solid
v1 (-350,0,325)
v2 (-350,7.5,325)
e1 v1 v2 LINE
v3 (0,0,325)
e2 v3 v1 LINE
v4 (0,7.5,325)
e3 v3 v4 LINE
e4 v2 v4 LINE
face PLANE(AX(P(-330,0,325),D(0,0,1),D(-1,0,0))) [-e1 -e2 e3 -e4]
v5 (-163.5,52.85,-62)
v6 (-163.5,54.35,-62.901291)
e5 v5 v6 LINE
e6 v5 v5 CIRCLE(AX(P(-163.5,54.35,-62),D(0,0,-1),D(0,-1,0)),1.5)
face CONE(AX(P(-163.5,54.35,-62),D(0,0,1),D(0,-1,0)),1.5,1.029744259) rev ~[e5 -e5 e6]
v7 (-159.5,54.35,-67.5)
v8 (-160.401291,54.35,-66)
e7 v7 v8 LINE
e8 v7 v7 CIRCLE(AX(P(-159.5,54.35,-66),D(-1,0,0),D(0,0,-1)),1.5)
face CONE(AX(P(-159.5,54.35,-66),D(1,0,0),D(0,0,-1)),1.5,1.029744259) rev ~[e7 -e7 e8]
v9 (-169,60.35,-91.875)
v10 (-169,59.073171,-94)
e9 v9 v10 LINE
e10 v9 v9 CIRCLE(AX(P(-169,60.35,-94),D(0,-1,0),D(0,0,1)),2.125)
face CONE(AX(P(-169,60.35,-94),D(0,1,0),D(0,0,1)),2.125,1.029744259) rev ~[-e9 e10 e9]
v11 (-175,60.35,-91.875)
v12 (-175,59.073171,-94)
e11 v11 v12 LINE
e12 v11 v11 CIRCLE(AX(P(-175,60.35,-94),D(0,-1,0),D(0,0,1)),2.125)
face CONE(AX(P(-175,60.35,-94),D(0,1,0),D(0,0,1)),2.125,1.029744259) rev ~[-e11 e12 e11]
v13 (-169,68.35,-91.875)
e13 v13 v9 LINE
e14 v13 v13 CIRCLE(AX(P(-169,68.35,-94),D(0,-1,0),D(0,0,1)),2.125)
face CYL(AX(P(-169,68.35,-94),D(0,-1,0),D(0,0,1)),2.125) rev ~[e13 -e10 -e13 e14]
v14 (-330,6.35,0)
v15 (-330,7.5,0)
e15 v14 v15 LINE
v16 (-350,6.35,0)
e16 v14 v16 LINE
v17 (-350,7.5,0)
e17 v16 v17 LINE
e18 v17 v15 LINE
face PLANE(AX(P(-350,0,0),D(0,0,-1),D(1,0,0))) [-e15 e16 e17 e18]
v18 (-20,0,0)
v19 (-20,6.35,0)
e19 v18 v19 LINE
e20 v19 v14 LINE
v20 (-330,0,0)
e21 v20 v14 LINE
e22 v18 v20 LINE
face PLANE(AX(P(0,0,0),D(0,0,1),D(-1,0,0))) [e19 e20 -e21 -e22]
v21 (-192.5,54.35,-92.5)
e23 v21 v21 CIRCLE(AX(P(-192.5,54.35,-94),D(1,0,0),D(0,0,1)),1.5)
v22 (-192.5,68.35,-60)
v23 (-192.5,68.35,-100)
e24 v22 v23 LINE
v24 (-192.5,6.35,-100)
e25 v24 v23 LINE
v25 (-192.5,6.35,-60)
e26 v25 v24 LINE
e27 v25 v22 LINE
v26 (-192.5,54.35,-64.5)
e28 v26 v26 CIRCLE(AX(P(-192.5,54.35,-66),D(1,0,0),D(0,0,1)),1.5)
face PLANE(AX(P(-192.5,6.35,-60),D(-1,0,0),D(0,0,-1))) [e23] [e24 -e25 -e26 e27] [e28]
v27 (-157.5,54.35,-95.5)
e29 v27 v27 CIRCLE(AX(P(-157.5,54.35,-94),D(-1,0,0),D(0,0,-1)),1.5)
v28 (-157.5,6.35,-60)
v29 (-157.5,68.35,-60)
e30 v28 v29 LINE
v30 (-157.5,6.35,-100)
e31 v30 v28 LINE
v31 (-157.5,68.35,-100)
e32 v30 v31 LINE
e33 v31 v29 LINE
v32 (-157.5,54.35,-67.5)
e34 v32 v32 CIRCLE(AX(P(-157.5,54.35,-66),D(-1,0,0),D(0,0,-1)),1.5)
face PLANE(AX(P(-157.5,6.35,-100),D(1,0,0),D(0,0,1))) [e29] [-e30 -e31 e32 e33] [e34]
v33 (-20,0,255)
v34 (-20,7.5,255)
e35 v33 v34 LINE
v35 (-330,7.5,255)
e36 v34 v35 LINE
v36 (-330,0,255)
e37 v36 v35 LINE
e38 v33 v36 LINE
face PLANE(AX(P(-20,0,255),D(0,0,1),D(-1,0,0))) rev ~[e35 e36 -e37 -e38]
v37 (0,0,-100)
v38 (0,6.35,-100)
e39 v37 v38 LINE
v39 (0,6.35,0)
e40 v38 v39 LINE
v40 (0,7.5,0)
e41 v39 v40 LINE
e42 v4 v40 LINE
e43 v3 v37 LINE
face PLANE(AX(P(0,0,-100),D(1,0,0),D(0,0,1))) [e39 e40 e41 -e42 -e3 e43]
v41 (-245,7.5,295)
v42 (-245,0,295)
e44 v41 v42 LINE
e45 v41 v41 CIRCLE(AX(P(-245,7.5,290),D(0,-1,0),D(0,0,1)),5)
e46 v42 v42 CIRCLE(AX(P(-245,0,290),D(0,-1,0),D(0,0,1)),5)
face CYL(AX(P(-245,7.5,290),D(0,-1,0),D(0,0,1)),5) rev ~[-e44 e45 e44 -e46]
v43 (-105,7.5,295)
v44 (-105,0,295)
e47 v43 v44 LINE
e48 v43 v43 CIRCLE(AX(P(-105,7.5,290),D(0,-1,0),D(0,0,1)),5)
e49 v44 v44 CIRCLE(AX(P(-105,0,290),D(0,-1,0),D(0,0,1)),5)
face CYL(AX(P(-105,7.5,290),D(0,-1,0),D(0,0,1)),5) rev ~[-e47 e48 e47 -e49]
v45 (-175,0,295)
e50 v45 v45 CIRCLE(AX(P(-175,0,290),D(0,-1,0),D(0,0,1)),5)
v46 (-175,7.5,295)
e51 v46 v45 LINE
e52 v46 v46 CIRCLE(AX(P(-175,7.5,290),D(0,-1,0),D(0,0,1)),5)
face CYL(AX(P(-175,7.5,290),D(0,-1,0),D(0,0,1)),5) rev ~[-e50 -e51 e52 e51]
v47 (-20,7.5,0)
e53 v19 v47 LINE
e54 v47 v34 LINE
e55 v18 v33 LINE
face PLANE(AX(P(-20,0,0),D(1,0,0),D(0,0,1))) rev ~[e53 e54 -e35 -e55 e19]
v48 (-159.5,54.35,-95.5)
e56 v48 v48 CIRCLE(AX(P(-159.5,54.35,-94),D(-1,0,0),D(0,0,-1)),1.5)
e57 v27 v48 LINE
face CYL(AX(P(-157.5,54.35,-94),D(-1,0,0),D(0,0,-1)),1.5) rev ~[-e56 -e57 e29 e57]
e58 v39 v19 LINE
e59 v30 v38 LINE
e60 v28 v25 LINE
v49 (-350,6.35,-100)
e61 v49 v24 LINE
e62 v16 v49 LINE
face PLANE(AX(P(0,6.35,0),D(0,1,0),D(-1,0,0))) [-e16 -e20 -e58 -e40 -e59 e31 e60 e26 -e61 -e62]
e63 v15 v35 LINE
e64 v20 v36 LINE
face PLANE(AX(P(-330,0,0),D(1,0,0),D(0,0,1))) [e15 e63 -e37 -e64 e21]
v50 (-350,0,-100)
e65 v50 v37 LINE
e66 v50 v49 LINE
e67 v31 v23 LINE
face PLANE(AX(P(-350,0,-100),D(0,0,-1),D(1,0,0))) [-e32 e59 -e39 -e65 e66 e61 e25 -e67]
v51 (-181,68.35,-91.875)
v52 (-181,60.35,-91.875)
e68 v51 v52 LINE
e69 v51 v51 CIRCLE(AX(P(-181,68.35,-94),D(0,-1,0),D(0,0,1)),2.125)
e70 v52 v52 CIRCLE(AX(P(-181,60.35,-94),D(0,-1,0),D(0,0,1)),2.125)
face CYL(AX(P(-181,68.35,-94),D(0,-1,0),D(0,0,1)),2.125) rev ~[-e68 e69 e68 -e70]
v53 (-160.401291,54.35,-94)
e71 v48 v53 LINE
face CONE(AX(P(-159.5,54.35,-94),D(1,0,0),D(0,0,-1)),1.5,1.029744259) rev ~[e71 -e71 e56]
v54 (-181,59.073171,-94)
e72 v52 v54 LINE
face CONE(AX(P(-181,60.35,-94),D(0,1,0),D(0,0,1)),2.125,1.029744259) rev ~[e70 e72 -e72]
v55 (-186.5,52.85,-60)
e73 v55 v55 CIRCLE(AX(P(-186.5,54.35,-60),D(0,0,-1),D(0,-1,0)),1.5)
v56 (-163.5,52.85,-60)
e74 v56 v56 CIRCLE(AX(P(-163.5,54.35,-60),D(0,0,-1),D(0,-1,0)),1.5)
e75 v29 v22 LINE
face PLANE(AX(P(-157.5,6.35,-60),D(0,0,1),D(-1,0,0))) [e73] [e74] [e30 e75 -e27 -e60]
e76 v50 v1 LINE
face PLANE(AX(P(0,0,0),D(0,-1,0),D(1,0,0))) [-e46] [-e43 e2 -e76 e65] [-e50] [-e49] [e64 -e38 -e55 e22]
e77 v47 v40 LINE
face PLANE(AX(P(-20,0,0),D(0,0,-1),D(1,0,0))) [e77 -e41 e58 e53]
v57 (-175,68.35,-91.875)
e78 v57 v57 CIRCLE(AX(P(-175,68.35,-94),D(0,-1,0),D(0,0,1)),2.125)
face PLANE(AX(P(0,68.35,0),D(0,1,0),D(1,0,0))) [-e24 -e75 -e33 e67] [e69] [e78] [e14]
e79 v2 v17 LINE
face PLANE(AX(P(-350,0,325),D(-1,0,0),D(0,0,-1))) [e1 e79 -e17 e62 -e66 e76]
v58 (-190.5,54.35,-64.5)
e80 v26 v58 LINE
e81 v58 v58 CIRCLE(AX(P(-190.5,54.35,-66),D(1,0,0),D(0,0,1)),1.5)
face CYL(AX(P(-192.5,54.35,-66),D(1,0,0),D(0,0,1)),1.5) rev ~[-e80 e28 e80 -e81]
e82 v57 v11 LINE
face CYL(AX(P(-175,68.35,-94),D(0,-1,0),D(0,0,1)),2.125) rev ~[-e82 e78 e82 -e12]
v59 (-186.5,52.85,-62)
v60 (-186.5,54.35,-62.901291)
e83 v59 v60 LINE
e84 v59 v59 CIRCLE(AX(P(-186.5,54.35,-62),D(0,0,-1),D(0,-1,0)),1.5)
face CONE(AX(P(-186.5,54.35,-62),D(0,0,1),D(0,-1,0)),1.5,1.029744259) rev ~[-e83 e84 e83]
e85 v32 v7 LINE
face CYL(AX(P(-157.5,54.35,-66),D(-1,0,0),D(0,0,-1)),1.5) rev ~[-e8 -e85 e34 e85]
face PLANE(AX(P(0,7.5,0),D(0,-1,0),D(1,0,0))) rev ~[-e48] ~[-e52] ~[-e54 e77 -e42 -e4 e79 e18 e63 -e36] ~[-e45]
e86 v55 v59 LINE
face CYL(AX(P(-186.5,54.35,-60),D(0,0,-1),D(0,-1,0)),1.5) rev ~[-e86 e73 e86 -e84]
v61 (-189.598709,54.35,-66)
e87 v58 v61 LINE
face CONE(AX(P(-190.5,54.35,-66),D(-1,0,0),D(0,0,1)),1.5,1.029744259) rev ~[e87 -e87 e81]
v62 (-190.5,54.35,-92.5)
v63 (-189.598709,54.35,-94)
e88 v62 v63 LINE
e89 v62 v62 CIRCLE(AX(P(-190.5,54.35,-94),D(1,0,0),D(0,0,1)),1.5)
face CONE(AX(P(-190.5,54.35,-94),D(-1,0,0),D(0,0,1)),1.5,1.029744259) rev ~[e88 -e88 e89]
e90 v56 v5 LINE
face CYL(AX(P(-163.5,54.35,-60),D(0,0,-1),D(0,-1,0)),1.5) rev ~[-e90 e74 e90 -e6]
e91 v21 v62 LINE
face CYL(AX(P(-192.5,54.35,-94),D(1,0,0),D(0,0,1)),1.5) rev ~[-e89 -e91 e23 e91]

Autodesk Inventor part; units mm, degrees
ref_plane "YZ Plane" through (0, 0, 0) normal (1, 0, 0) x (0, 1, 0)
ref_plane "XZ Plane" through (0, 0, 0) normal (0, 1, 0) x (-1, 0, 0)
ref_plane "XY Plane" through (0, 0, 0) normal (0, 0, 1) x (1, 0, 0)
sketch "Sketch1" plane through (0, 0, 0) normal (0, 1, 0) x (-1, 0, 0)
  line L0 (0, 0) -> (350, 0)
  line L1 (350, 0) -> (350, -100)
  line L2 (350, -100) -> (0, -100)
  line L3 (0, -100) -> (0, 0)
  dimension "d0" = 350
  dimension "d1" = 100
extrude "Extrusion1" add sketch "Sketch1" along normal blind 6.35
sketch "Sketch2" plane through (0, 6.35, 0) normal (0, 1, 0) x (1, 0, 0)
  line L0 (0, 100) -> (-350, 100) projected
  line L1 (-192.5, 100) -> (-157.5, 100)
  line L2 (-157.5, 100) -> (-157.5, 60)
  line L3 (-157.5, 60) -> (-192.5, 60)
  line L4 (-192.5, 60) -> (-192.5, 100)
  line L5 (0, 0) -> (0, 100) projected
  dimension "d10" = 35
  dimension "d11" = 40
  dimension "d12" = 157.5
extrude "Extrusion2" add sketch "Sketch2" along normal blind 62
sketch "Sketch3" plane through (0, 68.35, 0) normal (0, 1, 0) x (1, 0, 0)
  circle A0 centre (-175, 94) radius 2.125
  line L0 (-157.5, 100) -> (-192.5, 100) projected
  circle A1 centre (-169, 94) radius 2.125
  circle A2 centre (-181, 94) radius 2.125
  point P0 (0, 0)
  dimension "d15" = 4.25
  dimension "d16" = 6
  dimension "d17" = 4.25
  dimension "d18" = 6
  dimension "d19" = 4.25
  dimension "d20" = 6
hole "Hole1" at (-181, 68.35, -94) at (-175, 68.35, -94) at (-169, 68.35, -94) direction (0, -1, 0) diameter 4.25 depth 8 tip angle 118
sketch "Sketch4" plane through (-192.5, 6.35, -100) normal (-1, 0, 0) x (0, 0, 1)
  point P0 (100, -6.35)
sketch "Sketch5" plane through (-192.5, 6.35, -100) normal (-1, 0, 0) x (0, 0, 1)
  line L0 (0, 0) -> (0, 62) projected
  line L1 (0, 42) -> (40, 42)
  line L2 (40, 0) -> (40, 62) projected
  line L3 (0, 62) -> (40, 62) projected
  circle A0 centre (6, 48) radius 1.5
  circle A1 centre (34, 48) radius 1.5
  point P0 (100, -6.35)
  dimension "d28" = 20
  dimension "d29" = 3
  dimension "d30" = 3
  dimension "d31" = 6
  dimension "d32" = 6
  dimension "d33" = 6
  dimension "d34" = 6
hole "Hole2" at (-192.5, 54.35, -66) at (-192.5, 54.35, -94) direction (1, 0, 0) diameter 3 depth 2 tip angle 118
sketch "Sketch6" plane through (-192.5, 6.35, -60) normal (0, 0, 1) x (1, 0, 0)
  line L0 (0, 42) -> (35, 42)
  line L1 (0, 62) -> (35, 62) projected
  circle A0 centre (6, 48) radius 1.5
  line L2 (0, 0) -> (0, 62) projected
  circle A1 centre (29, 48) radius 1.5
  line L3 (35, 0) -> (35, 62) projected
  point P0 (192.5, -6.35)
  dimension "d42" = 20
  dimension "d43" = 3
  dimension "d44" = 6
  dimension "d45" = 6
  dimension "d46" = 3
  dimension "d47" = 6
  dimension "d48" = 6
hole "Hole3" at (-186.5, 54.35, -60) at (-163.5, 54.35, -60) direction (0, 0, -1) diameter 3 depth 2 tip angle 118
sketch "Sketch7" plane through (-157.5, 6.35, -60) normal (1, 0, 0) x (0, 0, -1)
  circle A0 centre (6, 48) radius 1.5 projected
  circle A1 centre (6, 48) radius 1.5
  circle A2 centre (34, 48) radius 1.5 projected
  circle A3 centre (34, 48) radius 1.5
  point P0 (-60, -6.35)
  dimension "d56" = 3
  dimension "d57" = 3
hole "Hole4" at (-157.5, 54.35, -66) at (-157.5, 54.35, -94) direction (-1, 0, 0) diameter 3 depth 2 tip angle 118
sketch "Sketch8" plane through (0, 0, 0) normal (0, -1, 0) x (1, 0, 0)
  line L0 (-350, -100) -> (0, -100) projected
  line L1 (-350, -100) -> (-330, -100)
  line L2 (-330, 0) -> (-330, 255)
  line L3 (-330, 325) -> (-350, 325)
  line L4 (-350, 325) -> (-350, 0)
  line L5 (-350, 325) -> (0, 325)
  line L6 (0, 0) -> (0, -100) projected
  line L7 (0, 325) -> (0, 0)
  line L8 (0, -100) -> (-20, -100)
  line L9 (0, -100) -> (-157.5, -100) projected
  line L10 (-20, 0) -> (-20, 255)
  line L11 (-20, 325) -> (50, 325) construction
  line L12 (-20, 255) -> (-330, 255)
  line L13 (-350, 0) -> (0, 0) projected
  line L14 (-350, 0) -> (-330, 0)
  line L15 (-20, 0) -> (0, 0)
  dimension "d65" = 20
  dimension "d66" = 425
extrude "Extrusion3" add sketch "Sketch8" against normal blind 7.5 contours L13 L4 L3 L5 L7 L10 L12 L2
sketch "Sketch9" plane through (0, 7.5, 0) normal (0, 1, 0) x (1, 0, 0)
  line L0 (-20, -255) -> (-330, -255) projected
  line L1 (-175, -255) -> (-175, -325)
  line L2 (-350, -325) -> (0, -325) projected
  line L3 (-175, -290) -> (-168, -290)
  line L4 (0, 100) -> (0, -325) projected
  line L5 (-168, -290) -> (-134.9357, -290)
  circle A0 centre (-175, -290) radius 5
  circle A1 centre (-105, -290) radius 5
  circle A2 centre (-245, -290) radius 5
  point P0 (0, 0)
  dimension "d73" = 7
  dimension "d74" = 10
  dimension "d75" = 10
  dimension "d76" = 10
  dimension "d77" = 70
  dimension "d78" = 70
hole "Hole5" at (-105, 7.5, 290) at (-175, 7.5, 290) at (-245, 7.5, 290) direction (0, -1, 0) diameter 10 depth 8 tip angle 118
properties part number "Base" material "Wood (Birch)"
